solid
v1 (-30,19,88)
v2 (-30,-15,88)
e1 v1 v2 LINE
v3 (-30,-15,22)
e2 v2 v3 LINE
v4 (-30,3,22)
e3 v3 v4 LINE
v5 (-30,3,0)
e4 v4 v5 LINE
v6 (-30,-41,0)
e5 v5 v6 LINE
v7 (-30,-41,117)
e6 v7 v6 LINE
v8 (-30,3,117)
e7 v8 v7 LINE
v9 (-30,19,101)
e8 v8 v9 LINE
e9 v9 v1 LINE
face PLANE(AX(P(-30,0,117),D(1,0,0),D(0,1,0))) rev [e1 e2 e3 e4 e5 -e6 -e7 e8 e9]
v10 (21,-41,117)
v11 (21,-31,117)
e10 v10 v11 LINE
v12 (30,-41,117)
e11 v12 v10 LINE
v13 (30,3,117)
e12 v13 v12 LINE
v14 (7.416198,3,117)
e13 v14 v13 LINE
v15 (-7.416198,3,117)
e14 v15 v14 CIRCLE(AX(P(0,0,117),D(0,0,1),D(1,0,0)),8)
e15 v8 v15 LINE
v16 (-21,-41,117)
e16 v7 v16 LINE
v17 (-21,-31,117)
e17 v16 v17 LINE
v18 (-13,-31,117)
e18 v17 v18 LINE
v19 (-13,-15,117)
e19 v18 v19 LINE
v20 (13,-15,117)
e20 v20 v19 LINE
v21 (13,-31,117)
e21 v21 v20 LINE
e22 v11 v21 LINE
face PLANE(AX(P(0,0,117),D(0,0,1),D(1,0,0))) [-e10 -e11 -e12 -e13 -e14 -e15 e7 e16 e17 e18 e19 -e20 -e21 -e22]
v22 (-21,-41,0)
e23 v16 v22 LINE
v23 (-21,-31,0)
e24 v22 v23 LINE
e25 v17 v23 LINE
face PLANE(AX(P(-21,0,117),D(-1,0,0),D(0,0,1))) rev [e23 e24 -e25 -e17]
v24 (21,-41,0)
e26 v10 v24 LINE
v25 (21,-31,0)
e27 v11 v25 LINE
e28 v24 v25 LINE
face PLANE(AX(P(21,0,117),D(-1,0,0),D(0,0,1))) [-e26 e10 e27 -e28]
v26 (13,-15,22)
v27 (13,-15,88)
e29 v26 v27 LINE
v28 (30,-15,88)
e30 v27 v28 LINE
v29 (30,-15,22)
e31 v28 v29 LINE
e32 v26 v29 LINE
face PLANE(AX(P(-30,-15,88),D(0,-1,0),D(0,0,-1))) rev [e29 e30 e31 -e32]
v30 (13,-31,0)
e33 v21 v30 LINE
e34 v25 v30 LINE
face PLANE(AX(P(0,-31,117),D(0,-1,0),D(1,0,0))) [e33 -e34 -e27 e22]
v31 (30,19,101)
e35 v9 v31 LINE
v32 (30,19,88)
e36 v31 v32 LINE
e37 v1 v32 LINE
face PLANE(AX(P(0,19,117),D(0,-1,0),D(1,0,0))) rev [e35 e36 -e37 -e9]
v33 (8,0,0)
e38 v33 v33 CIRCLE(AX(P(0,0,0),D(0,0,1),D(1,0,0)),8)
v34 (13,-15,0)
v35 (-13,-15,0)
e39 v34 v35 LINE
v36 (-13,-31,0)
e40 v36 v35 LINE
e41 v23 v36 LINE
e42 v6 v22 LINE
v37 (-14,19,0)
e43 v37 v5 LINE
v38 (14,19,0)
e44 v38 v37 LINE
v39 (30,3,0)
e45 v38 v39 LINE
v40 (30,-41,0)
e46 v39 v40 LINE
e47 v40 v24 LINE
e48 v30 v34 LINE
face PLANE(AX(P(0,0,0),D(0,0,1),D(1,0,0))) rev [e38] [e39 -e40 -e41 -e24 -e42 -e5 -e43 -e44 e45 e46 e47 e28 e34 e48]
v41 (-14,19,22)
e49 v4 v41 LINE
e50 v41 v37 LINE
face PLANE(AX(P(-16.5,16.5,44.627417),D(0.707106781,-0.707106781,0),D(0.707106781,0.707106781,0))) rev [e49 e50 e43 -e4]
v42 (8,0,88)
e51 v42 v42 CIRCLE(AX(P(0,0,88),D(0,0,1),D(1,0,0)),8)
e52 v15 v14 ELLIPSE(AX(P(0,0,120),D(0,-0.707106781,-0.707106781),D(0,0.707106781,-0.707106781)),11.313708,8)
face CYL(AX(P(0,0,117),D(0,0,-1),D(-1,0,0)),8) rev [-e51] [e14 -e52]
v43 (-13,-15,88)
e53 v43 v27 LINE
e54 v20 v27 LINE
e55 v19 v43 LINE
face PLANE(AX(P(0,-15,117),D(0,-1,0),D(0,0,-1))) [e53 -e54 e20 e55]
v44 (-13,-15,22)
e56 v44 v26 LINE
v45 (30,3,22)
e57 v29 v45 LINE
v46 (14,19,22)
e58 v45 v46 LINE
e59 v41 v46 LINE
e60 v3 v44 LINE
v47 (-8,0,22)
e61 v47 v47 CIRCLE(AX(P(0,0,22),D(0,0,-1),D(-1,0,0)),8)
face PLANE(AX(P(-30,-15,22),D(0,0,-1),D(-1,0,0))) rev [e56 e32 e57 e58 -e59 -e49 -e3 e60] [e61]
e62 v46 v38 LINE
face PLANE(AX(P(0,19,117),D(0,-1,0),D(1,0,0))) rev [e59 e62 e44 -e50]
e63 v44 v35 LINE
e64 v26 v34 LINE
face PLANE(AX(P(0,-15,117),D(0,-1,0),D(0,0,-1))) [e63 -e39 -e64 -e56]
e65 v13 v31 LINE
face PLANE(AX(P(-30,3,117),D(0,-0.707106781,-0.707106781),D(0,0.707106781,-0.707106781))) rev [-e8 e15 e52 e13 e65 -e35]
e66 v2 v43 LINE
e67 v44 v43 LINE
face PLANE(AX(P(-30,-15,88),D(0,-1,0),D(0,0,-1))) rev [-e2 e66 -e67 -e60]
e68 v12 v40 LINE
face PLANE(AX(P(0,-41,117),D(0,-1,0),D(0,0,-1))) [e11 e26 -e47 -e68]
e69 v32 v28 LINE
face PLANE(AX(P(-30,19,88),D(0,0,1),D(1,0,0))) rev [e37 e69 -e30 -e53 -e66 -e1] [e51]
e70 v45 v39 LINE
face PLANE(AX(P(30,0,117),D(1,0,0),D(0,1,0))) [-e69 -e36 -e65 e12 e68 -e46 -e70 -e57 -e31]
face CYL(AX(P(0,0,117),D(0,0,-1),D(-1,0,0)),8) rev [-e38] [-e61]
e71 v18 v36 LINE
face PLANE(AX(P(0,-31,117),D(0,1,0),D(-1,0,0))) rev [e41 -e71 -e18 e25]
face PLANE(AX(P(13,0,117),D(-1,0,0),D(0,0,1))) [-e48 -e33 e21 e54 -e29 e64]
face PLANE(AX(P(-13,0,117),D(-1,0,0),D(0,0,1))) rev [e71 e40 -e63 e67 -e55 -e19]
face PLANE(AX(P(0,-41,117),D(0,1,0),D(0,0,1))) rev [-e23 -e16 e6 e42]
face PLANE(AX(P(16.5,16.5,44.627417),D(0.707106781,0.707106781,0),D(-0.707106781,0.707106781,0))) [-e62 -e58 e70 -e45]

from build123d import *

# Parameters (mm, degrees)
SKETCH1_R               = 8
BOSS_EXTRUDE1_DEPTH     = 117
SKETCH2_W               = 66
SKETCH2_H               = 34
CUT_EXTRUDE1_DEPTH      = 31
CUT_EXTRUDE1_DEPTH_BACK = 31
CUT_EXTRUDE2_DEPTH      = 22


with BuildPart() as part:
    # Sketch1 → Boss-Extrude1 (new body)
    with BuildSketch(Plane.XY):
        Polygon((30, 19), (-30, 19), (-30, -41), (-21, -41), (-21, -31), (-13, -31), (-13, -15), (13, -15), (13, -31), (21, -31), (21, -41), (30, -41), align=None)
        Circle(SKETCH1_R, mode=Mode.SUBTRACT)
    extrude(amount=BOSS_EXTRUDE1_DEPTH)

    # Sketch2 → Cut-Extrude1 (cut, two sides)
    with BuildSketch(Plane(origin=(0, 0, 0), x_dir=(0, 0, -1), z_dir=(1, 0, 0))) as cut_extrude1_sk:
        Polygon((-117, 3), (-101, 19), (-117, 19), align=None)
        with Locations((-55, 2)):
            Rectangle(SKETCH2_W, SKETCH2_H)
    extrude(amount=CUT_EXTRUDE1_DEPTH, mode=Mode.SUBTRACT)
    extrude(cut_extrude1_sk.sketch, amount=-CUT_EXTRUDE1_DEPTH_BACK, mode=Mode.SUBTRACT)

    # Sketch1<3> → Cut-Extrude2 (cut)
    with BuildSketch(Plane.XY):
        Polygon((30, 3), (30, 19), (14, 19), align=None)
        Polygon((-30, 3), (-14, 19), (-30, 19), align=None)
    extrude(amount=CUT_EXTRUDE2_DEPTH, mode=Mode.SUBTRACT)


solid = part.part
